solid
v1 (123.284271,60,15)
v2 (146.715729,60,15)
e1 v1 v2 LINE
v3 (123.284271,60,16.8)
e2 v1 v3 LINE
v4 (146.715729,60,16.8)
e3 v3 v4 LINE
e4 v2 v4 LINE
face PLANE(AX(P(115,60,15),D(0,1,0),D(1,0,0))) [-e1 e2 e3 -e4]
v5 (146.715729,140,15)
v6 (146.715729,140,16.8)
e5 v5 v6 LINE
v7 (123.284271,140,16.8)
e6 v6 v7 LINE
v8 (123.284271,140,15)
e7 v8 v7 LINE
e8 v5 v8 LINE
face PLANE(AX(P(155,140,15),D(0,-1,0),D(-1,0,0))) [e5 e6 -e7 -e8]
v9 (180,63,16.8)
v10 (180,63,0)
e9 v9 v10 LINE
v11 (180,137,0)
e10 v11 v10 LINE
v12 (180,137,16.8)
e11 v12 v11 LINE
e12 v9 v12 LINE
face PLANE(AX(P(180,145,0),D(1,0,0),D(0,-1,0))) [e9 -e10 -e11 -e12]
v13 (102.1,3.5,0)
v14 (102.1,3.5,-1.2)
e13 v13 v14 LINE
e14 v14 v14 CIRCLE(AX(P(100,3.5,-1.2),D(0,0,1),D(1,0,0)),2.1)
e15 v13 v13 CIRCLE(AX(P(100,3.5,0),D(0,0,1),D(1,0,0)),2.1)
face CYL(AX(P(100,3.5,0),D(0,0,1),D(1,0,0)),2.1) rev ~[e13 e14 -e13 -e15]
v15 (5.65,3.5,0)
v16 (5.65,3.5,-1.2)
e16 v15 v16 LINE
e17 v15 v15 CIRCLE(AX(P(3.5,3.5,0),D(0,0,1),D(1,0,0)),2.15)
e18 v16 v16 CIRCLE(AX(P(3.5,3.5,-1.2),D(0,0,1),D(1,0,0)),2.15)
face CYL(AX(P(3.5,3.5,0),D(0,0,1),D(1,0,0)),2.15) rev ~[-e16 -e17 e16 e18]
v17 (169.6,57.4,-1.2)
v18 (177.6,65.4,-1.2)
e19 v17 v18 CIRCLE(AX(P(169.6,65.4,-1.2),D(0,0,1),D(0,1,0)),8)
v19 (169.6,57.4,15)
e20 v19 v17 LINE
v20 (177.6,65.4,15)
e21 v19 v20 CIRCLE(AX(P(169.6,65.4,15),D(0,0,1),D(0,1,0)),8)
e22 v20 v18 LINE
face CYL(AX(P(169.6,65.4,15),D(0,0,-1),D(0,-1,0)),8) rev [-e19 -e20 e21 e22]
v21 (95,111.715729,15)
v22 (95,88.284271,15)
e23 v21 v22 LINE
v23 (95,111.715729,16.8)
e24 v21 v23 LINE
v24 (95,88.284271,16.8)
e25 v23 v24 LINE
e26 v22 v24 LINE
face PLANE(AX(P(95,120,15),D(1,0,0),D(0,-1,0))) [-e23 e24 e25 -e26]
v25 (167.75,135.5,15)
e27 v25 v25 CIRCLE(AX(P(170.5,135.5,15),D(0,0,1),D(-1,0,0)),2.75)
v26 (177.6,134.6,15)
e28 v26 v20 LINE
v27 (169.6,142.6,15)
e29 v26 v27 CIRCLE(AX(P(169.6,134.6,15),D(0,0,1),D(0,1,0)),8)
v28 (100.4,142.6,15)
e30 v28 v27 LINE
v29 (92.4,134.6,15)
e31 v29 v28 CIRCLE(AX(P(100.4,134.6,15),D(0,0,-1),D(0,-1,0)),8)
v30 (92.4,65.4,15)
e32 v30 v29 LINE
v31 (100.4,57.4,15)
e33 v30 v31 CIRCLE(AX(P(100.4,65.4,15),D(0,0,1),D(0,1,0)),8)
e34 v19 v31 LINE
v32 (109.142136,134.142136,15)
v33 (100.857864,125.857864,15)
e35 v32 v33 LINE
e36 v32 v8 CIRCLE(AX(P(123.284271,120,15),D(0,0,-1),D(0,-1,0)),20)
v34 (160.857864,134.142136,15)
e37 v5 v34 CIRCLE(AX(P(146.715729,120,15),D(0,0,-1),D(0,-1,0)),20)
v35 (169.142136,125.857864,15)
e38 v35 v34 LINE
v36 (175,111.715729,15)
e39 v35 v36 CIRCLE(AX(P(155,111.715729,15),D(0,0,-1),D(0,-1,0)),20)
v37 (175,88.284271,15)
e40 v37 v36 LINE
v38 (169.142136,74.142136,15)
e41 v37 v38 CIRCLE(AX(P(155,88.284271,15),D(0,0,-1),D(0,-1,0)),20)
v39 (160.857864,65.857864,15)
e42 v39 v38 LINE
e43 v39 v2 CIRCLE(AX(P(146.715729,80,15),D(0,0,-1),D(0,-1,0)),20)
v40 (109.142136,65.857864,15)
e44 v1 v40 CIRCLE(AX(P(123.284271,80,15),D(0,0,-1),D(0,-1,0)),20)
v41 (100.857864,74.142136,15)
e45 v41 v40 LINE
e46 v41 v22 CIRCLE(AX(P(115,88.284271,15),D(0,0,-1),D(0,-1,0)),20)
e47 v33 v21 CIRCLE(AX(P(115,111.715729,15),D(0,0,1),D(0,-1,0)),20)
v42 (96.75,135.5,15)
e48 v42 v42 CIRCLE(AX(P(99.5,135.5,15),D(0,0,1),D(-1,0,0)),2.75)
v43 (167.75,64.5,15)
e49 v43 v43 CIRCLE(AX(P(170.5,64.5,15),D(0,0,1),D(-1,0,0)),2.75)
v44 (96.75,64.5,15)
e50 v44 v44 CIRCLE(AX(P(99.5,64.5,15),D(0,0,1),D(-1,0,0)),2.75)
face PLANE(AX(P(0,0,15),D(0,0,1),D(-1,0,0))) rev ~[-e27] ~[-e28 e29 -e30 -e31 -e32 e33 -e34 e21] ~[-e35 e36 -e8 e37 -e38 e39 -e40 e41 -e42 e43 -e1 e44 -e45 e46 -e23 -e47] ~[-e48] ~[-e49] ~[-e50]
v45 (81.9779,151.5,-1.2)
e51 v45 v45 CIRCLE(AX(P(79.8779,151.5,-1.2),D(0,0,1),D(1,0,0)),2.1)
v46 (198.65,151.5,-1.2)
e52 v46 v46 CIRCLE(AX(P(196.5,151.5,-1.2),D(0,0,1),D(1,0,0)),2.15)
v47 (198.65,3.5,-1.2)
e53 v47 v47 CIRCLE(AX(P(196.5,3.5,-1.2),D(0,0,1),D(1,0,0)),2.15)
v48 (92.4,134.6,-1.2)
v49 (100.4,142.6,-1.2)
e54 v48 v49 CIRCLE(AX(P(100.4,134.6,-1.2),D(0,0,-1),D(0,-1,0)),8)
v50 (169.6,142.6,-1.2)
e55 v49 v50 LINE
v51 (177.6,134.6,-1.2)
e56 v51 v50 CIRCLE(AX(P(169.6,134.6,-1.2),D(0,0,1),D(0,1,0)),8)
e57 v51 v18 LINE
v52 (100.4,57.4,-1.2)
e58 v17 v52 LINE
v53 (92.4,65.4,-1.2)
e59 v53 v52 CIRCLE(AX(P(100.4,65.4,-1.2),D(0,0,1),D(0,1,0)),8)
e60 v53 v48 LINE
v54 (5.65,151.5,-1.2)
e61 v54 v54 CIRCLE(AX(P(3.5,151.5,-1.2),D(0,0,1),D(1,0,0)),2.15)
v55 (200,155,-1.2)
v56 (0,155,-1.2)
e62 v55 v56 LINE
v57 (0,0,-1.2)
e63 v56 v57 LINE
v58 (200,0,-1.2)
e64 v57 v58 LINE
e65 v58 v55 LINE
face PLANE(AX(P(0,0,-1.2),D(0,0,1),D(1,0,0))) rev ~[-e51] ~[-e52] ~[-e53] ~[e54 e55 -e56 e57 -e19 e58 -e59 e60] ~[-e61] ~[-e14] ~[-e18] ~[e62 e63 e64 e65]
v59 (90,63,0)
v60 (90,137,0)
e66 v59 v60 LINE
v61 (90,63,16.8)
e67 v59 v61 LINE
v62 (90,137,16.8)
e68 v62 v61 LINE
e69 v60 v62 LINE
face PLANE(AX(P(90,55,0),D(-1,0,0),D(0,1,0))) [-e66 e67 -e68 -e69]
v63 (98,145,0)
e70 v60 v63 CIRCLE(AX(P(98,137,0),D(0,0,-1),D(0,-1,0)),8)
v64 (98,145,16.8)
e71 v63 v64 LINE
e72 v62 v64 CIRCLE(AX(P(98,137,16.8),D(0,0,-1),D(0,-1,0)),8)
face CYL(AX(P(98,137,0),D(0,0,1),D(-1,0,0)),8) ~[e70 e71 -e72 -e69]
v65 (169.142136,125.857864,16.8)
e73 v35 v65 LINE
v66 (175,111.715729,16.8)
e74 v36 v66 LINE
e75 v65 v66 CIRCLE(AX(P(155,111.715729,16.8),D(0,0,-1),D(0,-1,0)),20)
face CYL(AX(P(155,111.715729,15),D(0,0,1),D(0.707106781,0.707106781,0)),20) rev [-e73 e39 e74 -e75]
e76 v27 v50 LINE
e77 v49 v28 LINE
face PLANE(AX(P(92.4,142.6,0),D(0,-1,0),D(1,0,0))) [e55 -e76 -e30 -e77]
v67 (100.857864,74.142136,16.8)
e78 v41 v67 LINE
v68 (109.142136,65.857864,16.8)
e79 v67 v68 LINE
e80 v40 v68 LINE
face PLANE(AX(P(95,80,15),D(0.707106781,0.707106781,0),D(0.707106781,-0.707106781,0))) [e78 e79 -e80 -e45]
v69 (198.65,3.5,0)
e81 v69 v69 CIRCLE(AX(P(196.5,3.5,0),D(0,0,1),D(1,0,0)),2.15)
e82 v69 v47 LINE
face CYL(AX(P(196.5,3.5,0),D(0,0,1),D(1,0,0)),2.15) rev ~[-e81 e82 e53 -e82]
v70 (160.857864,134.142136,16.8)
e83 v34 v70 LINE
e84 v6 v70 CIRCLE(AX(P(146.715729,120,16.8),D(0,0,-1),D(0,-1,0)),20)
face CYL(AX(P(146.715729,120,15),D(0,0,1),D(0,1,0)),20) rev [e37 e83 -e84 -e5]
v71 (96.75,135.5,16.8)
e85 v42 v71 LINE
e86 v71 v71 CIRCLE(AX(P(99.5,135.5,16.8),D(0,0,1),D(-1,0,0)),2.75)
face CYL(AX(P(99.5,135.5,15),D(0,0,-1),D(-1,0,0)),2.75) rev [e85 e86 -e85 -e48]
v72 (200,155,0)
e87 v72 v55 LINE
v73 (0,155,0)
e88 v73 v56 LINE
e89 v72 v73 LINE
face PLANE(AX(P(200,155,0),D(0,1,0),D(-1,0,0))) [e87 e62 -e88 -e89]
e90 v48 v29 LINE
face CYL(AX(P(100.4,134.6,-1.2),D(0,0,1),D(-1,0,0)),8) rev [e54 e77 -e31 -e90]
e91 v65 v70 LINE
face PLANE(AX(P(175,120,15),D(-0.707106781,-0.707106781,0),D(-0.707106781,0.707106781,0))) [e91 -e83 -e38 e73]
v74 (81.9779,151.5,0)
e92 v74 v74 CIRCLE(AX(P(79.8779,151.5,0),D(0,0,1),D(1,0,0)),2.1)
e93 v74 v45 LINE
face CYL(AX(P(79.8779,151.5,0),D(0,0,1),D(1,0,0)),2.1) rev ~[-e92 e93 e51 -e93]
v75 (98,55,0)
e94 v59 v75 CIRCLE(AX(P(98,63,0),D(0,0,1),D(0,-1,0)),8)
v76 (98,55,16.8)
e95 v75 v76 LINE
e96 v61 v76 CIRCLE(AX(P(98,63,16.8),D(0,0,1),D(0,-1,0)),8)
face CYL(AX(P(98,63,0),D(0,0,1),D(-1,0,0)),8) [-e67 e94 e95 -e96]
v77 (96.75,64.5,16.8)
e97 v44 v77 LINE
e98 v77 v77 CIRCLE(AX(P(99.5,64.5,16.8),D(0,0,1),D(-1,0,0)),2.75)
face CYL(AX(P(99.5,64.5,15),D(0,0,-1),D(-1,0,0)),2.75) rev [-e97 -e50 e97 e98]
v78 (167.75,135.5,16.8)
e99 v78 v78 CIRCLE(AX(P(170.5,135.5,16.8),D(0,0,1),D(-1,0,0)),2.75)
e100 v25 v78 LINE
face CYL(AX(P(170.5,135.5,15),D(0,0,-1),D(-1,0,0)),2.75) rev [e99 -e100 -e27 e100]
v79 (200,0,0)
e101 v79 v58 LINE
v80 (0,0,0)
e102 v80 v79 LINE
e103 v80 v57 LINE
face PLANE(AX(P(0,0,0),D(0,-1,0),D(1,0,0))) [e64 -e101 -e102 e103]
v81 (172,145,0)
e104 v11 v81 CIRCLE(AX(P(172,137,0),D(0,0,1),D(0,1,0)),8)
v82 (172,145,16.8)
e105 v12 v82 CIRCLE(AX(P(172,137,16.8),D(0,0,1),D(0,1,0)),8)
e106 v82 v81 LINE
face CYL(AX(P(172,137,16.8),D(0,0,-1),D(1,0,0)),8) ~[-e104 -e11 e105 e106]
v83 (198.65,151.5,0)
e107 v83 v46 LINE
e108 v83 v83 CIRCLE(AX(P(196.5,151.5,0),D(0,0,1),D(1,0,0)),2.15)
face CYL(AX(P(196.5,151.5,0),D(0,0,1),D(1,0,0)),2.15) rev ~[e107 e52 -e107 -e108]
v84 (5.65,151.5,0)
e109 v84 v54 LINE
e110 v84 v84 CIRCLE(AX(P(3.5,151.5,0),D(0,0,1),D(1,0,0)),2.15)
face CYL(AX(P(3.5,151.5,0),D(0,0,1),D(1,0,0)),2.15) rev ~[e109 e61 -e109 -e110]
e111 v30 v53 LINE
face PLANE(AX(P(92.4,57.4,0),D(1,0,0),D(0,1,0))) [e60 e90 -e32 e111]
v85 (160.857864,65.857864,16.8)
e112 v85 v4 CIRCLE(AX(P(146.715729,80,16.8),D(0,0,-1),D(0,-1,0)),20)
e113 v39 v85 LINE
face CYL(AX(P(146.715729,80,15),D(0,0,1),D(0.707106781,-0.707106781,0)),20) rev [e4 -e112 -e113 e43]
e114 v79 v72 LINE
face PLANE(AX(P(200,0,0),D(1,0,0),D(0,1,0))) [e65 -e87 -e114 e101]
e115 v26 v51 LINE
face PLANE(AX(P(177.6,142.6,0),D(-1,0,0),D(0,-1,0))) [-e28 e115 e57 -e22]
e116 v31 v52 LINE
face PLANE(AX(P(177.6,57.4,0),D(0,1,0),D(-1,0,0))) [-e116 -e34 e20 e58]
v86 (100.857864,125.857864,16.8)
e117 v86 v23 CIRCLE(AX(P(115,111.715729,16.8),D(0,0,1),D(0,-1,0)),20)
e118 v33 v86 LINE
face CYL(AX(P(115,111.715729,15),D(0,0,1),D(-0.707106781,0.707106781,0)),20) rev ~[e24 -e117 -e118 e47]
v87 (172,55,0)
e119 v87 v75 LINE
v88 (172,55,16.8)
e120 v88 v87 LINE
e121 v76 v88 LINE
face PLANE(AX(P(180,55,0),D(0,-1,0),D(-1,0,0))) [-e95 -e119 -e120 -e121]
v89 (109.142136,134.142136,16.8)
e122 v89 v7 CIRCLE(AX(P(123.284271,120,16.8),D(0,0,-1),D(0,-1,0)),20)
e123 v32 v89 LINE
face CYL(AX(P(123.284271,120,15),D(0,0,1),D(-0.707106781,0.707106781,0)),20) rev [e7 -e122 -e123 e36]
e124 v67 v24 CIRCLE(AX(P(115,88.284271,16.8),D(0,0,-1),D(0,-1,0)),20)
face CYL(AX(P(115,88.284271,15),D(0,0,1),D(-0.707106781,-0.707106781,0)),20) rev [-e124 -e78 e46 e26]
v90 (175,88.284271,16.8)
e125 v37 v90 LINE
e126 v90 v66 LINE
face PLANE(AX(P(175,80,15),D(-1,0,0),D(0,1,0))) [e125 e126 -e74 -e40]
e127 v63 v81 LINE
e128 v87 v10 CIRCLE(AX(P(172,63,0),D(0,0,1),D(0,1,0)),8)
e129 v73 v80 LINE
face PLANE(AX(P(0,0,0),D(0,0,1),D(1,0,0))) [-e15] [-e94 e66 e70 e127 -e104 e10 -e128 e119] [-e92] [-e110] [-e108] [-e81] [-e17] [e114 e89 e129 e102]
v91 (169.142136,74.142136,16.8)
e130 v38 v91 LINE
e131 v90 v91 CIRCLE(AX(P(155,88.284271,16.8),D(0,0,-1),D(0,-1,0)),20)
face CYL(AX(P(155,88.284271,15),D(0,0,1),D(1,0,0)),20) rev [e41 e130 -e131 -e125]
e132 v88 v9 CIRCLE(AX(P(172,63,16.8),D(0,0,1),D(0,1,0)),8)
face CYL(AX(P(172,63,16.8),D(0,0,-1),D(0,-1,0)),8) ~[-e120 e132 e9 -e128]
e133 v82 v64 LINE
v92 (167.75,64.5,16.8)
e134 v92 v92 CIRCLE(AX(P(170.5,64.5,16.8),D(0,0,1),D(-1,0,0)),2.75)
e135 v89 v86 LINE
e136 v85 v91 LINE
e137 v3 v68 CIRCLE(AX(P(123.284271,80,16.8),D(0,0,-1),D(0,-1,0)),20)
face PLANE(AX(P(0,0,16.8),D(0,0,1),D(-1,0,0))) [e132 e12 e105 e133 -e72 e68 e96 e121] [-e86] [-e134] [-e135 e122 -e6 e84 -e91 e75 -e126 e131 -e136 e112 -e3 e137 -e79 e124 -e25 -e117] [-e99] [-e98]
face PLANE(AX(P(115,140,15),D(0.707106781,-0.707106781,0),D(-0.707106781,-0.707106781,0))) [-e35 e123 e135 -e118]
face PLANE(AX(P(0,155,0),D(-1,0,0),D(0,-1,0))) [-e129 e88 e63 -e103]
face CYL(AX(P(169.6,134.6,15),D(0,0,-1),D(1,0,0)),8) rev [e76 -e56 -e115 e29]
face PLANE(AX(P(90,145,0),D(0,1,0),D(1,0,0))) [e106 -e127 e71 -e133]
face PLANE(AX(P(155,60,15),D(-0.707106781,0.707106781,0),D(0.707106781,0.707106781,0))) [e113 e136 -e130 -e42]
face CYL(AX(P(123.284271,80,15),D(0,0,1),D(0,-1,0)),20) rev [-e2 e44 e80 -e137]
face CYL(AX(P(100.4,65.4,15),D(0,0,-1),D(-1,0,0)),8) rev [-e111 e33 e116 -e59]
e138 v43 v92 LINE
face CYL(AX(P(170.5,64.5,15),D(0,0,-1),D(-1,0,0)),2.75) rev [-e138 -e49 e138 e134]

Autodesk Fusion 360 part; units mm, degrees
sketch "Sketch1" plane through (0, 0, 0) normal (0, 0, 1) x (1, 0, 0)
  line L0 (0, 0) -> (200, 0)
  line L1 (200, 0) -> (200, 155)
  line L2 (200, 155) -> (0, 155)
  line L3 (0, 155) -> (0, 0)
  line L4 (135, 100) -> (135, 145) construction
  line L5 (135, 100) -> (135, 55) construction
  circle A0 centre (135, 100) radius 40 construction
  line L6 (135, 100) -> (90, 100) construction
  line L7 (135, 100) -> (180, 100) construction
  line L8 (90, 145) -> (180, 145) construction
  line L9 (180, 145) -> (180, 55) construction
  line L10 (180, 55) -> (90, 55) construction
  line L11 (90, 55) -> (90, 145) construction
  line L12 (90, 145) -> (92.4, 145) construction
  line L13 (92.4, 145) -> (92.4, 142.6) construction
  line L14 (92.4, 142.6) -> (90, 142.6) construction
  line L15 (90, 142.6) -> (90, 145) construction
  line L16 (180, 55) -> (177.6, 55) construction
  line L17 (177.6, 55) -> (177.6, 57.4) construction
  line L18 (177.6, 57.4) -> (180, 57.4) construction
  line L19 (180, 57.4) -> (180, 55) construction
  line L20 (90, 145) -> (180, 145)
  line L21 (180, 145) -> (180, 55)
  line L22 (180, 55) -> (90, 55)
  line L23 (90, 55) -> (90, 145)
  line L24 (92.4, 142.6) -> (177.6, 142.6)
  line L25 (177.6, 142.6) -> (177.6, 57.4)
  line L26 (177.6, 57.4) -> (92.4, 57.4)
  line L27 (92.4, 57.4) -> (92.4, 142.6)
  dimension "d1" = 200
  dimension "d2" = 155
  dimension "d5" = 2.4
  dimension "d6" = 2.4
  dimension "d7" = 2.4
  dimension "d8" = 2.4
extrude "Extrude1" add sketch "Sketch1" against normal blind 1.2 contours L0 L1 L2 L3 makes body 1
extrude "Extrude2" add sketch "Sketch1" along normal blind 15 separate body contours L20 L21 L22 L23 makes body 2
sketch "Sketch2" plane through (0, 0, 15) normal (0, 0, 1) x (-1, 0, 0)
  line L0 (-177.6, -57.4) -> (-92.4, -57.4)
  line L1 (-92.4, -57.4) -> (-92.4, -142.6)
  line L2 (-92.4, -142.6) -> (-177.6, -142.6)
  line L3 (-177.6, -142.6) -> (-177.6, -57.4)
  line L4 (-90, -55) -> (-180, -55)
  line L5 (-180, -55) -> (-180, -145)
  line L6 (-180, -145) -> (-90, -145)
  line L7 (-90, -145) -> (-90, -55)
  line L8 (-95, -140) -> (-99.5, -140) construction
  line L9 (-99.5, -140) -> (-99.5, -135.5) construction
  line L10 (-99.5, -135.5) -> (-95, -135.5) construction
  line L11 (-95, -135.5) -> (-95, -140) construction
  line L12 (-175, -60) -> (-170.5, -60) construction
  line L13 (-170.5, -60) -> (-170.5, -64.5) construction
  line L14 (-170.5, -64.5) -> (-175, -64.5) construction
  line L15 (-175, -64.5) -> (-175, -60) construction
  line L16 (-99.5, -135.5) -> (-170.5, -135.5) construction
  line L17 (-170.5, -135.5) -> (-170.5, -64.5) construction
  line L18 (-170.5, -64.5) -> (-99.5, -64.5) construction
  line L19 (-99.5, -64.5) -> (-99.5, -135.5) construction
  circle A0 centre (-99.5, -135.5) radius 2.75
  circle A1 centre (-170.5, -135.5) radius 2.75
  circle A2 centre (-99.5, -64.5) radius 2.75
  circle A3 centre (-170.5, -64.5) radius 2.75
  line L20 (-115, -140) -> (-95, -120)
  line L21 (-95, -120) -> (-95, -80)
  line L22 (-95, -80) -> (-115, -60)
  line L23 (-115, -60) -> (-155, -60)
  line L24 (-155, -60) -> (-175, -80)
  line L25 (-175, -80) -> (-175, -120)
  line L26 (-175, -120) -> (-155, -140)
  line L27 (-155, -140) -> (-115, -140)
  line L28 (-90, -145) -> (-180, -145)
  line L29 (-180, -145) -> (-180, -55)
  line L30 (-180, -55) -> (-90, -55)
  line L31 (-90, -55) -> (-90, -145)
  dimension "d13" = 4.5
  dimension "d14" = 4.5
  dimension "d15" = 4.5
  dimension "d16" = 4.5
  dimension "d17" = 5.5
  dimension "d18" = 5.5
  dimension "d19" = 5.5
  dimension "d20" = 5.5
extrude "Extrude3" add sketch "Sketch2" along normal blind 1.8 contours L0 L1 L2 L3 | L4 L5 L6 L7 L28 L29 L30 L31 bodies 2
fillet "Fillet1" radius 20 8 edges at (95, 80, 15.9) (115, 60, 15.9) (155, 60, 15.9) (175, 80, 15.9) (175, 120, 15.9) (155, 140, 15.9) (115, 140, 15.9) (95, 120, 15.9) on bodies 2
sketch "Sketch3" plane through (0, 0, 0) normal (0, 0, 1) x (1, 0, 0)
extrude "Extrude4" add sketch "Sketch1" against normal blind 1.2 contours L20 L21 L22 L23 bodies 1 2
fillet "Fillet2" radius 8 4 edges at (92.4, 142.6, 6.9) (177.6, 142.6, 6.9) (177.6, 57.4, 6.9) (92.4, 57.4, 6.9) on bodies 1
fillet "Fillet3" radius 8 4 edges at (90, 145, 8.4) (90, 55, 8.4) (180, 55, 8.4) (180, 145, 8.4) on bodies 1
sketch "Sketch4" plane through (0, 0, 0) normal (0, 0, 1) x (1, 0, 0)
  line L0 (200, 155) -> (196.5, 155) construction
  line L1 (196.5, 155) -> (196.5, 151.5) construction
  line L2 (196.5, 151.5) -> (200, 151.5) construction
  line L3 (200, 151.5) -> (200, 155) construction
  line L4 (0, 0) -> (3.5, 0) construction
  line L5 (3.5, 0) -> (3.5, 3.5) construction
  line L6 (3.5, 3.5) -> (0, 3.5) construction
  line L7 (0, 3.5) -> (0, 0) construction
  line L8 (3.5, 3.5) -> (196.5, 3.5) construction
  line L9 (196.5, 3.5) -> (196.5, 151.5) construction
  line L10 (196.5, 151.5) -> (3.5, 151.5) construction
  line L11 (3.5, 151.5) -> (3.5, 3.5) construction
  circle A0 centre (3.5, 151.5) radius 2.15
  circle A1 centre (3.5, 3.5) radius 2.15
  circle A2 centre (196.5, 151.5) radius 2.15
  circle A3 centre (196.5, 3.5) radius 2.15
  circle A4 centre (79.8779, 151.5) radius 2.1
  circle A5 centre (100, 3.5) radius 2.1
  dimension "d31" = 3.5
  dimension "d32" = 3.5
  dimension "d33" = 3.5
  dimension "d34" = 3.5
  dimension "d35" = 4.3
  dimension "d36" = 4.3
  dimension "d37" = 4.3
  dimension "d38" = 4.3
  dimension "d41" = 4.2
  dimension "d42" = 4.2
extrude "Extrude5" cut sketch "Sketch4" against normal blind 1.2 contours A0 | A1 | A2 | A3 bodies 1
extrude "Extrude6" cut sketch "Sketch4" against normal blind 1.2 contours A4 | A5 bodies 1
copy_body "Body->Comp1" bodies 1 removing the originals makes body 3 in component "Component"
component "Component" placed x (1, 0, 0) y (0, 1, 0) z (0, 0, 1) at (0, 0, 0)
